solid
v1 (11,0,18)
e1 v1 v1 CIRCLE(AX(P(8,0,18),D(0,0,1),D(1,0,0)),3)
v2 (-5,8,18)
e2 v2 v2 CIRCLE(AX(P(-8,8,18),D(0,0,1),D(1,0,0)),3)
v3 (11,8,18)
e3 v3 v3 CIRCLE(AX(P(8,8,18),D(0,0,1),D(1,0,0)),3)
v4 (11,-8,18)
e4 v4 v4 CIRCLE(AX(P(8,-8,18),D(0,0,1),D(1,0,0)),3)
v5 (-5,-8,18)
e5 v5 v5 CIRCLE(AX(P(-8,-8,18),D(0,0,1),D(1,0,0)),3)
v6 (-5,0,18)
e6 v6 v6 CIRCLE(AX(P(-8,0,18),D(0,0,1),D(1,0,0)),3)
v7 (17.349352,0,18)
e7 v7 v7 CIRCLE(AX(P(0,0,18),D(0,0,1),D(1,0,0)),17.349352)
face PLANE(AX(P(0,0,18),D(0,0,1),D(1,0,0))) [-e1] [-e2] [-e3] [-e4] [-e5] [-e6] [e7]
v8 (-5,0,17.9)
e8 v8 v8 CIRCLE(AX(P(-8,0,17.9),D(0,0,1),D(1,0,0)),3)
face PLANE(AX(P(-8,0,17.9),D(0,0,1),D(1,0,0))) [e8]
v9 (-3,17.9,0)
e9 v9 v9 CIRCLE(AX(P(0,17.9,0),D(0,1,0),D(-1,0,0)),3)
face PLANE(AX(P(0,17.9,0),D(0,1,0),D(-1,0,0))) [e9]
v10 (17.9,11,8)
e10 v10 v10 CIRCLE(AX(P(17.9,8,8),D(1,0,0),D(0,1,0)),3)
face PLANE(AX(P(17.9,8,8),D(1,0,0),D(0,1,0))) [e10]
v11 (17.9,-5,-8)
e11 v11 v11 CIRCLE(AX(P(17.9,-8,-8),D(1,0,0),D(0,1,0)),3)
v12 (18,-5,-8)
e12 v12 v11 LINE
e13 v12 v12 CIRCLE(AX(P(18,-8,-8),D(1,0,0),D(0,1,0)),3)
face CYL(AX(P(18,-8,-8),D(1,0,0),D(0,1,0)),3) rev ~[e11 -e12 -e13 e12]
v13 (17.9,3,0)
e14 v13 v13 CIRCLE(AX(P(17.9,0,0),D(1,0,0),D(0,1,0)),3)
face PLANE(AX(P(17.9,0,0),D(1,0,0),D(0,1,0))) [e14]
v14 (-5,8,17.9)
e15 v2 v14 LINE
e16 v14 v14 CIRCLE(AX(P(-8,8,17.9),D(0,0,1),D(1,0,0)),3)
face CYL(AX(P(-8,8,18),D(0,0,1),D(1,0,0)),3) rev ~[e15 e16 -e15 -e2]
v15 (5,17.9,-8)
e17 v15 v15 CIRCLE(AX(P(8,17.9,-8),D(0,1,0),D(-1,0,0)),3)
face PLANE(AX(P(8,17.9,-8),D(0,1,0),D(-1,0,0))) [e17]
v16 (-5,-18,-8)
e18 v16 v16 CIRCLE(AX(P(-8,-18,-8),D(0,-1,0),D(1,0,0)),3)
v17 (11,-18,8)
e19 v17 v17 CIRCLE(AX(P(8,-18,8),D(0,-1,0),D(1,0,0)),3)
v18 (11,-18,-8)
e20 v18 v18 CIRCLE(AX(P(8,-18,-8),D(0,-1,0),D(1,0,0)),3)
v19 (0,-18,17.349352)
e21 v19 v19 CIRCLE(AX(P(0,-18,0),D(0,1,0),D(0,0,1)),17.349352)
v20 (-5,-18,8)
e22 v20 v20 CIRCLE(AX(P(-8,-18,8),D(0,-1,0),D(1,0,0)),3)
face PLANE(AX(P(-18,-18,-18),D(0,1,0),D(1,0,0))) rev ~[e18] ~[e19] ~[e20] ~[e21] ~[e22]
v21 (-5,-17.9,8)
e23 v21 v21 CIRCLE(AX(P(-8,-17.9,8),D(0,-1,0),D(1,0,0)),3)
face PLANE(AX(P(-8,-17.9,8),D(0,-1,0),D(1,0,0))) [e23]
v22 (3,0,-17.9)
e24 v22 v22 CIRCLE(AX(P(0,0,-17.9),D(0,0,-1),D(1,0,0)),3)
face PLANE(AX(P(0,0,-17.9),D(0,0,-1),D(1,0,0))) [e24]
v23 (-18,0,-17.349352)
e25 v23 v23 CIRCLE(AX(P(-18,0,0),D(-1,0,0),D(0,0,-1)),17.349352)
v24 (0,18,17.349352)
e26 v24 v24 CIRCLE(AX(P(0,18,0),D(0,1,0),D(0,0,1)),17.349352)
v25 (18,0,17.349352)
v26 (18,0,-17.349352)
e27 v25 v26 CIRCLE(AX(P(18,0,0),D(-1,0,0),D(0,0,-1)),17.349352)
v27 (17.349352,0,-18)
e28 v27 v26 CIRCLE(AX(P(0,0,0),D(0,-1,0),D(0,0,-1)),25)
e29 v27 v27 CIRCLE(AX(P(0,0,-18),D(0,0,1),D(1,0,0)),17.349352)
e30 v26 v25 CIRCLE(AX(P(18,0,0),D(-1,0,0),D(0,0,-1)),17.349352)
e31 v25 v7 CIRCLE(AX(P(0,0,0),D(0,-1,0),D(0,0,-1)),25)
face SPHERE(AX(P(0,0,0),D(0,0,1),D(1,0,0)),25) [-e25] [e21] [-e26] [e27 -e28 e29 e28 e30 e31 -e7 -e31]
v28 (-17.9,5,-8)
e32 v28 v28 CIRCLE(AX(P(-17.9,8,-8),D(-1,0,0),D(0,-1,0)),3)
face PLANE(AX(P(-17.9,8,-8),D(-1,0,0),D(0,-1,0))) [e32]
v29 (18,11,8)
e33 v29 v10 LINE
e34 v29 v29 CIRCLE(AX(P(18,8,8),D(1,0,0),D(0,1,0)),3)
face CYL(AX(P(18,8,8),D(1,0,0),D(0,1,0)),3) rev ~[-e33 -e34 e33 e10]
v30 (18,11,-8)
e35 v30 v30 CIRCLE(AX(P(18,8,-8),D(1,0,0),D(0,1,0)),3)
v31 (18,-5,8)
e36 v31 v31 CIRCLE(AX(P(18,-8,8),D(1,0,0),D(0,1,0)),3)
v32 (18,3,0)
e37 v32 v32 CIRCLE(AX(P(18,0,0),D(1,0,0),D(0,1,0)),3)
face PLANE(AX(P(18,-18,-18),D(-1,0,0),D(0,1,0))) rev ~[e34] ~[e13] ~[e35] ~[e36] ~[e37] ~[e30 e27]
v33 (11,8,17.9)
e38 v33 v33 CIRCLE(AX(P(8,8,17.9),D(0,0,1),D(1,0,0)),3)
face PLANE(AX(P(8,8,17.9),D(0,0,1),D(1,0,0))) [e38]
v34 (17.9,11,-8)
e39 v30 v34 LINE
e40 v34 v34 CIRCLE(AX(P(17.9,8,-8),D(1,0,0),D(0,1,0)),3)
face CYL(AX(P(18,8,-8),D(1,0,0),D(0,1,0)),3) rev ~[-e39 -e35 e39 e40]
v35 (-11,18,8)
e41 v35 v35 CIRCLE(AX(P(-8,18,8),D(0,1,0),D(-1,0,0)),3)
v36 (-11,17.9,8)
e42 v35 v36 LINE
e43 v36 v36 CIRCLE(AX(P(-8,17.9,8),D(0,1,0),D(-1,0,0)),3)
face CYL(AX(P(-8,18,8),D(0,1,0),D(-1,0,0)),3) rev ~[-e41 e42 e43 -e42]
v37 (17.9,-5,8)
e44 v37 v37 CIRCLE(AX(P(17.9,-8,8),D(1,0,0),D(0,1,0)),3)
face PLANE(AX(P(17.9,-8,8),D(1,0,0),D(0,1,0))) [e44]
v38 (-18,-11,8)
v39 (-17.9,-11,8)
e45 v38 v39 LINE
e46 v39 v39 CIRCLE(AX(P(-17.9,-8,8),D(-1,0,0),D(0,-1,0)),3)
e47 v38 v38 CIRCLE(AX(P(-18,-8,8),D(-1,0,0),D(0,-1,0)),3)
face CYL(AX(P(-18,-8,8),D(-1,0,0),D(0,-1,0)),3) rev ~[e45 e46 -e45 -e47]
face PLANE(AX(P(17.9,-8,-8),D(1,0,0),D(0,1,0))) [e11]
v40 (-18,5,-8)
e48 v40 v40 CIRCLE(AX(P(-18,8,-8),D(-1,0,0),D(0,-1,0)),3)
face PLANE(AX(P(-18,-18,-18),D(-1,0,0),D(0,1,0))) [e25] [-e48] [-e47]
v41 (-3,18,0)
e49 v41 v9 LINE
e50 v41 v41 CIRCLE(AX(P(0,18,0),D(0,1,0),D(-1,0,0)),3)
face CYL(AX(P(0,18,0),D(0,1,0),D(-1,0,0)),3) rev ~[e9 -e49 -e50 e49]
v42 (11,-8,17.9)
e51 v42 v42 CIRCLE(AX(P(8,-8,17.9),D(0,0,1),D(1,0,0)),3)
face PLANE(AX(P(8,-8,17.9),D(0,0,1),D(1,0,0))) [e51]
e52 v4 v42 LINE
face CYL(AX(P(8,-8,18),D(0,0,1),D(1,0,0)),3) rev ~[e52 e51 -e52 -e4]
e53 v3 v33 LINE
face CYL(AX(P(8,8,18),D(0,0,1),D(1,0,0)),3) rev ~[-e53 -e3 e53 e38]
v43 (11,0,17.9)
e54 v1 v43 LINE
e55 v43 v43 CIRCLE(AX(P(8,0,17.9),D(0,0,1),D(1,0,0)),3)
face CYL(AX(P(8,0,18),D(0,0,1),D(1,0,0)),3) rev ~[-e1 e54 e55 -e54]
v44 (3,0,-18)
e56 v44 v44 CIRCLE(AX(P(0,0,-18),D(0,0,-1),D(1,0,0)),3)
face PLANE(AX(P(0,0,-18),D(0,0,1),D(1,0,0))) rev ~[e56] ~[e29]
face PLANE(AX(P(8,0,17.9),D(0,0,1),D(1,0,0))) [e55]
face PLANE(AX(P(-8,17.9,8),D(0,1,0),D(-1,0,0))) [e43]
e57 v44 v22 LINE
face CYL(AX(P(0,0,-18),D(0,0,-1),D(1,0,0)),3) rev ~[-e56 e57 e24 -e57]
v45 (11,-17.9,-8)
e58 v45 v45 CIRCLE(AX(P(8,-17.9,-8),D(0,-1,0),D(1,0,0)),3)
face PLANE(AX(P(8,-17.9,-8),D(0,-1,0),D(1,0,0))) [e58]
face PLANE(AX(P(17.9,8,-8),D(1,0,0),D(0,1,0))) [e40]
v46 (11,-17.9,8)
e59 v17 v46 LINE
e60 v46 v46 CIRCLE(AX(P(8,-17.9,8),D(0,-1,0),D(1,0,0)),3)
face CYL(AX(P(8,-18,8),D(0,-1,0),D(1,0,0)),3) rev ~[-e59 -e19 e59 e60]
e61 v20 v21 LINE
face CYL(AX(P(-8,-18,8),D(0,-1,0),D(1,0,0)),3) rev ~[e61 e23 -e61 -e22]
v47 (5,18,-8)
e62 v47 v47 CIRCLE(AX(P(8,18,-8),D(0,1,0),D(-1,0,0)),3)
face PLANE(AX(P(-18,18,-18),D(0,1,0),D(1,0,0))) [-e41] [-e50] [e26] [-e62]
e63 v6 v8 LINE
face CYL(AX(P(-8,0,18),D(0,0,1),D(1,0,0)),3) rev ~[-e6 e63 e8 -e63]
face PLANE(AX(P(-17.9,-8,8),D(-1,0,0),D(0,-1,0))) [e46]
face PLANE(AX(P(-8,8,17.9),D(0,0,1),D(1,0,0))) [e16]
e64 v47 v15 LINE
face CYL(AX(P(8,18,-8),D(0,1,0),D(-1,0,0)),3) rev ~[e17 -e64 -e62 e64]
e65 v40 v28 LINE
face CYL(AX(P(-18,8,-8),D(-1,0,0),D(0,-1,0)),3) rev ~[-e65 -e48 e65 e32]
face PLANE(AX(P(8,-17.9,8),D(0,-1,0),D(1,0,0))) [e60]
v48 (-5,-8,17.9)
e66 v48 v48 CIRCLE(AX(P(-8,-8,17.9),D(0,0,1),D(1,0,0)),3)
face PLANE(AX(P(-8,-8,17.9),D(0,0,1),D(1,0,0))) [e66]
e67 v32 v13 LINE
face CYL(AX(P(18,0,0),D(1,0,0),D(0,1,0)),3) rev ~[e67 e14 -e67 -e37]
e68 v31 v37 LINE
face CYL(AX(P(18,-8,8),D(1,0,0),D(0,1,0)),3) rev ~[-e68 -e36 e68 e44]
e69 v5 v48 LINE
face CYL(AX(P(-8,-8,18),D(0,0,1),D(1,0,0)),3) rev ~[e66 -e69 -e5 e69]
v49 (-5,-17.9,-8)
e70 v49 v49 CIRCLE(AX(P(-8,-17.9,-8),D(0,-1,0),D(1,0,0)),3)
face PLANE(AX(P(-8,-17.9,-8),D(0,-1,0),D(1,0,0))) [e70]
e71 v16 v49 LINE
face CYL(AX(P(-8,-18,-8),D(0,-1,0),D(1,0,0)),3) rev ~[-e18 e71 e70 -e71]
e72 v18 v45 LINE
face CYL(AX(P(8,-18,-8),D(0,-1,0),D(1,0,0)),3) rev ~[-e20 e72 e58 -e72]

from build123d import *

# Parameters (mm, degrees)
BOX_W           = 36
BOX_H           = 36
BOX_DEPTH       = 36
SKETCH_R        = 3
POCKET_DEPTH    = 0.1
SKETCH001_R     = 3
POCKET001_DEPTH = 0.1
SKETCH002_R     = 3
POCKET002_DEPTH = 0.1
SKETCH003_R     = 3
POCKET003_DEPTH = 0.1
SKETCH004_R     = 3
POCKET004_DEPTH = 0.1
SKETCH005_R     = 3
POCKET005_DEPTH = 0.1


with BuildPart() as sphere:
    # Sphere → Sphere (revolve)
    with BuildSketch(Plane.XZ):
        with BuildLine():
            ThreePointArc((0, -25), (25, 0), (0, 25))
            Line((0, 25), (0, -25))
        make_face()
    revolve(axis=Axis((0, 0, 0), (0, 0, 1)))


with BuildPart() as body:
    # Box → Box (new body)
    with BuildSketch(Plane(origin=(-18, -18, -18), x_dir=(1, 0, 0), z_dir=(0, 0, 1))):
        with Locations((18, 18)):
            Rectangle(BOX_W, BOX_H)
    extrude(amount=BOX_DEPTH)

    # Common: intersect Sphere
    add(sphere.part, mode=Mode.INTERSECT)

    # Sketch (on Face3 of BaseFeature) → Pocket (cut)
    with BuildSketch(Plane.XY.offset(18)):
        with Locations((-8, 8)):
            Circle(SKETCH_R)
        with Locations((8, 8)):
            Circle(SKETCH_R)
        with Locations((8, -8)):
            Circle(SKETCH_R)
        with Locations((-8, -8)):
            Circle(SKETCH_R)
        with Locations((-8, 0)):
            Circle(SKETCH_R)
        with Locations((8, 0)):
            Circle(SKETCH_R)
    extrude(amount=-POCKET_DEPTH, mode=Mode.SUBTRACT)

    # Sketch001 (on Face4 of Pocket) → Pocket001 (cut)
    with BuildSketch(Plane.YZ.offset(18)):
        with Locations((-8, 8)):
            Circle(SKETCH001_R)
        with Locations((8, 8)):
            Circle(SKETCH001_R)
        Circle(SKETCH001_R)
        with Locations((-8, -8)):
            Circle(SKETCH001_R)
        with Locations((8, -8)):
            Circle(SKETCH001_R)
    extrude(amount=-POCKET001_DEPTH, mode=Mode.SUBTRACT)

    # Sketch002 (on Face7 of Pocket001) → Pocket002 (cut)
    with BuildSketch(Plane.XZ.offset(18)):
        with Locations((-8, 8)):
            Circle(SKETCH002_R)
        with Locations((8, 8)):
            Circle(SKETCH002_R)
        with Locations((-8, -8)):
            Circle(SKETCH002_R)
        with Locations((8, -8)):
            Circle(SKETCH002_R)
    extrude(amount=-POCKET002_DEPTH, mode=Mode.SUBTRACT)

    # Sketch003 (on Face6 of Pocket002) → Pocket003 (cut)
    with BuildSketch(Plane(origin=(0, 18, 0), x_dir=(-1, 0, 0), z_dir=(0, 1, 0))):
        with Locations((8, 8)):
            Circle(SKETCH003_R)
        Circle(SKETCH003_R)
        with Locations((-8, -8)):
            Circle(SKETCH003_R)
    extrude(amount=-POCKET003_DEPTH, mode=Mode.SUBTRACT)

    # Sketch004 (on Face1 of Pocket003) → Pocket004 (cut)
    with BuildSketch(Plane(origin=(-18, 0, 0), x_dir=(0, -1, 0), z_dir=(-1, 0, 0))):
        with Locations((8, 8)):
            Circle(SKETCH004_R)
        with Locations((-8, -8)):
            Circle(SKETCH004_R)
    extrude(amount=-POCKET004_DEPTH, mode=Mode.SUBTRACT)

    # Sketch005 (on Face7 of Pocket004) → Pocket005 (cut)
    with BuildSketch(Plane(origin=(0, 0, -18), x_dir=(1, 0, 0), z_dir=(0, 0, -1))):
        Circle(SKETCH005_R)
    extrude(amount=-POCKET005_DEPTH, mode=Mode.SUBTRACT)


solid = body.part
